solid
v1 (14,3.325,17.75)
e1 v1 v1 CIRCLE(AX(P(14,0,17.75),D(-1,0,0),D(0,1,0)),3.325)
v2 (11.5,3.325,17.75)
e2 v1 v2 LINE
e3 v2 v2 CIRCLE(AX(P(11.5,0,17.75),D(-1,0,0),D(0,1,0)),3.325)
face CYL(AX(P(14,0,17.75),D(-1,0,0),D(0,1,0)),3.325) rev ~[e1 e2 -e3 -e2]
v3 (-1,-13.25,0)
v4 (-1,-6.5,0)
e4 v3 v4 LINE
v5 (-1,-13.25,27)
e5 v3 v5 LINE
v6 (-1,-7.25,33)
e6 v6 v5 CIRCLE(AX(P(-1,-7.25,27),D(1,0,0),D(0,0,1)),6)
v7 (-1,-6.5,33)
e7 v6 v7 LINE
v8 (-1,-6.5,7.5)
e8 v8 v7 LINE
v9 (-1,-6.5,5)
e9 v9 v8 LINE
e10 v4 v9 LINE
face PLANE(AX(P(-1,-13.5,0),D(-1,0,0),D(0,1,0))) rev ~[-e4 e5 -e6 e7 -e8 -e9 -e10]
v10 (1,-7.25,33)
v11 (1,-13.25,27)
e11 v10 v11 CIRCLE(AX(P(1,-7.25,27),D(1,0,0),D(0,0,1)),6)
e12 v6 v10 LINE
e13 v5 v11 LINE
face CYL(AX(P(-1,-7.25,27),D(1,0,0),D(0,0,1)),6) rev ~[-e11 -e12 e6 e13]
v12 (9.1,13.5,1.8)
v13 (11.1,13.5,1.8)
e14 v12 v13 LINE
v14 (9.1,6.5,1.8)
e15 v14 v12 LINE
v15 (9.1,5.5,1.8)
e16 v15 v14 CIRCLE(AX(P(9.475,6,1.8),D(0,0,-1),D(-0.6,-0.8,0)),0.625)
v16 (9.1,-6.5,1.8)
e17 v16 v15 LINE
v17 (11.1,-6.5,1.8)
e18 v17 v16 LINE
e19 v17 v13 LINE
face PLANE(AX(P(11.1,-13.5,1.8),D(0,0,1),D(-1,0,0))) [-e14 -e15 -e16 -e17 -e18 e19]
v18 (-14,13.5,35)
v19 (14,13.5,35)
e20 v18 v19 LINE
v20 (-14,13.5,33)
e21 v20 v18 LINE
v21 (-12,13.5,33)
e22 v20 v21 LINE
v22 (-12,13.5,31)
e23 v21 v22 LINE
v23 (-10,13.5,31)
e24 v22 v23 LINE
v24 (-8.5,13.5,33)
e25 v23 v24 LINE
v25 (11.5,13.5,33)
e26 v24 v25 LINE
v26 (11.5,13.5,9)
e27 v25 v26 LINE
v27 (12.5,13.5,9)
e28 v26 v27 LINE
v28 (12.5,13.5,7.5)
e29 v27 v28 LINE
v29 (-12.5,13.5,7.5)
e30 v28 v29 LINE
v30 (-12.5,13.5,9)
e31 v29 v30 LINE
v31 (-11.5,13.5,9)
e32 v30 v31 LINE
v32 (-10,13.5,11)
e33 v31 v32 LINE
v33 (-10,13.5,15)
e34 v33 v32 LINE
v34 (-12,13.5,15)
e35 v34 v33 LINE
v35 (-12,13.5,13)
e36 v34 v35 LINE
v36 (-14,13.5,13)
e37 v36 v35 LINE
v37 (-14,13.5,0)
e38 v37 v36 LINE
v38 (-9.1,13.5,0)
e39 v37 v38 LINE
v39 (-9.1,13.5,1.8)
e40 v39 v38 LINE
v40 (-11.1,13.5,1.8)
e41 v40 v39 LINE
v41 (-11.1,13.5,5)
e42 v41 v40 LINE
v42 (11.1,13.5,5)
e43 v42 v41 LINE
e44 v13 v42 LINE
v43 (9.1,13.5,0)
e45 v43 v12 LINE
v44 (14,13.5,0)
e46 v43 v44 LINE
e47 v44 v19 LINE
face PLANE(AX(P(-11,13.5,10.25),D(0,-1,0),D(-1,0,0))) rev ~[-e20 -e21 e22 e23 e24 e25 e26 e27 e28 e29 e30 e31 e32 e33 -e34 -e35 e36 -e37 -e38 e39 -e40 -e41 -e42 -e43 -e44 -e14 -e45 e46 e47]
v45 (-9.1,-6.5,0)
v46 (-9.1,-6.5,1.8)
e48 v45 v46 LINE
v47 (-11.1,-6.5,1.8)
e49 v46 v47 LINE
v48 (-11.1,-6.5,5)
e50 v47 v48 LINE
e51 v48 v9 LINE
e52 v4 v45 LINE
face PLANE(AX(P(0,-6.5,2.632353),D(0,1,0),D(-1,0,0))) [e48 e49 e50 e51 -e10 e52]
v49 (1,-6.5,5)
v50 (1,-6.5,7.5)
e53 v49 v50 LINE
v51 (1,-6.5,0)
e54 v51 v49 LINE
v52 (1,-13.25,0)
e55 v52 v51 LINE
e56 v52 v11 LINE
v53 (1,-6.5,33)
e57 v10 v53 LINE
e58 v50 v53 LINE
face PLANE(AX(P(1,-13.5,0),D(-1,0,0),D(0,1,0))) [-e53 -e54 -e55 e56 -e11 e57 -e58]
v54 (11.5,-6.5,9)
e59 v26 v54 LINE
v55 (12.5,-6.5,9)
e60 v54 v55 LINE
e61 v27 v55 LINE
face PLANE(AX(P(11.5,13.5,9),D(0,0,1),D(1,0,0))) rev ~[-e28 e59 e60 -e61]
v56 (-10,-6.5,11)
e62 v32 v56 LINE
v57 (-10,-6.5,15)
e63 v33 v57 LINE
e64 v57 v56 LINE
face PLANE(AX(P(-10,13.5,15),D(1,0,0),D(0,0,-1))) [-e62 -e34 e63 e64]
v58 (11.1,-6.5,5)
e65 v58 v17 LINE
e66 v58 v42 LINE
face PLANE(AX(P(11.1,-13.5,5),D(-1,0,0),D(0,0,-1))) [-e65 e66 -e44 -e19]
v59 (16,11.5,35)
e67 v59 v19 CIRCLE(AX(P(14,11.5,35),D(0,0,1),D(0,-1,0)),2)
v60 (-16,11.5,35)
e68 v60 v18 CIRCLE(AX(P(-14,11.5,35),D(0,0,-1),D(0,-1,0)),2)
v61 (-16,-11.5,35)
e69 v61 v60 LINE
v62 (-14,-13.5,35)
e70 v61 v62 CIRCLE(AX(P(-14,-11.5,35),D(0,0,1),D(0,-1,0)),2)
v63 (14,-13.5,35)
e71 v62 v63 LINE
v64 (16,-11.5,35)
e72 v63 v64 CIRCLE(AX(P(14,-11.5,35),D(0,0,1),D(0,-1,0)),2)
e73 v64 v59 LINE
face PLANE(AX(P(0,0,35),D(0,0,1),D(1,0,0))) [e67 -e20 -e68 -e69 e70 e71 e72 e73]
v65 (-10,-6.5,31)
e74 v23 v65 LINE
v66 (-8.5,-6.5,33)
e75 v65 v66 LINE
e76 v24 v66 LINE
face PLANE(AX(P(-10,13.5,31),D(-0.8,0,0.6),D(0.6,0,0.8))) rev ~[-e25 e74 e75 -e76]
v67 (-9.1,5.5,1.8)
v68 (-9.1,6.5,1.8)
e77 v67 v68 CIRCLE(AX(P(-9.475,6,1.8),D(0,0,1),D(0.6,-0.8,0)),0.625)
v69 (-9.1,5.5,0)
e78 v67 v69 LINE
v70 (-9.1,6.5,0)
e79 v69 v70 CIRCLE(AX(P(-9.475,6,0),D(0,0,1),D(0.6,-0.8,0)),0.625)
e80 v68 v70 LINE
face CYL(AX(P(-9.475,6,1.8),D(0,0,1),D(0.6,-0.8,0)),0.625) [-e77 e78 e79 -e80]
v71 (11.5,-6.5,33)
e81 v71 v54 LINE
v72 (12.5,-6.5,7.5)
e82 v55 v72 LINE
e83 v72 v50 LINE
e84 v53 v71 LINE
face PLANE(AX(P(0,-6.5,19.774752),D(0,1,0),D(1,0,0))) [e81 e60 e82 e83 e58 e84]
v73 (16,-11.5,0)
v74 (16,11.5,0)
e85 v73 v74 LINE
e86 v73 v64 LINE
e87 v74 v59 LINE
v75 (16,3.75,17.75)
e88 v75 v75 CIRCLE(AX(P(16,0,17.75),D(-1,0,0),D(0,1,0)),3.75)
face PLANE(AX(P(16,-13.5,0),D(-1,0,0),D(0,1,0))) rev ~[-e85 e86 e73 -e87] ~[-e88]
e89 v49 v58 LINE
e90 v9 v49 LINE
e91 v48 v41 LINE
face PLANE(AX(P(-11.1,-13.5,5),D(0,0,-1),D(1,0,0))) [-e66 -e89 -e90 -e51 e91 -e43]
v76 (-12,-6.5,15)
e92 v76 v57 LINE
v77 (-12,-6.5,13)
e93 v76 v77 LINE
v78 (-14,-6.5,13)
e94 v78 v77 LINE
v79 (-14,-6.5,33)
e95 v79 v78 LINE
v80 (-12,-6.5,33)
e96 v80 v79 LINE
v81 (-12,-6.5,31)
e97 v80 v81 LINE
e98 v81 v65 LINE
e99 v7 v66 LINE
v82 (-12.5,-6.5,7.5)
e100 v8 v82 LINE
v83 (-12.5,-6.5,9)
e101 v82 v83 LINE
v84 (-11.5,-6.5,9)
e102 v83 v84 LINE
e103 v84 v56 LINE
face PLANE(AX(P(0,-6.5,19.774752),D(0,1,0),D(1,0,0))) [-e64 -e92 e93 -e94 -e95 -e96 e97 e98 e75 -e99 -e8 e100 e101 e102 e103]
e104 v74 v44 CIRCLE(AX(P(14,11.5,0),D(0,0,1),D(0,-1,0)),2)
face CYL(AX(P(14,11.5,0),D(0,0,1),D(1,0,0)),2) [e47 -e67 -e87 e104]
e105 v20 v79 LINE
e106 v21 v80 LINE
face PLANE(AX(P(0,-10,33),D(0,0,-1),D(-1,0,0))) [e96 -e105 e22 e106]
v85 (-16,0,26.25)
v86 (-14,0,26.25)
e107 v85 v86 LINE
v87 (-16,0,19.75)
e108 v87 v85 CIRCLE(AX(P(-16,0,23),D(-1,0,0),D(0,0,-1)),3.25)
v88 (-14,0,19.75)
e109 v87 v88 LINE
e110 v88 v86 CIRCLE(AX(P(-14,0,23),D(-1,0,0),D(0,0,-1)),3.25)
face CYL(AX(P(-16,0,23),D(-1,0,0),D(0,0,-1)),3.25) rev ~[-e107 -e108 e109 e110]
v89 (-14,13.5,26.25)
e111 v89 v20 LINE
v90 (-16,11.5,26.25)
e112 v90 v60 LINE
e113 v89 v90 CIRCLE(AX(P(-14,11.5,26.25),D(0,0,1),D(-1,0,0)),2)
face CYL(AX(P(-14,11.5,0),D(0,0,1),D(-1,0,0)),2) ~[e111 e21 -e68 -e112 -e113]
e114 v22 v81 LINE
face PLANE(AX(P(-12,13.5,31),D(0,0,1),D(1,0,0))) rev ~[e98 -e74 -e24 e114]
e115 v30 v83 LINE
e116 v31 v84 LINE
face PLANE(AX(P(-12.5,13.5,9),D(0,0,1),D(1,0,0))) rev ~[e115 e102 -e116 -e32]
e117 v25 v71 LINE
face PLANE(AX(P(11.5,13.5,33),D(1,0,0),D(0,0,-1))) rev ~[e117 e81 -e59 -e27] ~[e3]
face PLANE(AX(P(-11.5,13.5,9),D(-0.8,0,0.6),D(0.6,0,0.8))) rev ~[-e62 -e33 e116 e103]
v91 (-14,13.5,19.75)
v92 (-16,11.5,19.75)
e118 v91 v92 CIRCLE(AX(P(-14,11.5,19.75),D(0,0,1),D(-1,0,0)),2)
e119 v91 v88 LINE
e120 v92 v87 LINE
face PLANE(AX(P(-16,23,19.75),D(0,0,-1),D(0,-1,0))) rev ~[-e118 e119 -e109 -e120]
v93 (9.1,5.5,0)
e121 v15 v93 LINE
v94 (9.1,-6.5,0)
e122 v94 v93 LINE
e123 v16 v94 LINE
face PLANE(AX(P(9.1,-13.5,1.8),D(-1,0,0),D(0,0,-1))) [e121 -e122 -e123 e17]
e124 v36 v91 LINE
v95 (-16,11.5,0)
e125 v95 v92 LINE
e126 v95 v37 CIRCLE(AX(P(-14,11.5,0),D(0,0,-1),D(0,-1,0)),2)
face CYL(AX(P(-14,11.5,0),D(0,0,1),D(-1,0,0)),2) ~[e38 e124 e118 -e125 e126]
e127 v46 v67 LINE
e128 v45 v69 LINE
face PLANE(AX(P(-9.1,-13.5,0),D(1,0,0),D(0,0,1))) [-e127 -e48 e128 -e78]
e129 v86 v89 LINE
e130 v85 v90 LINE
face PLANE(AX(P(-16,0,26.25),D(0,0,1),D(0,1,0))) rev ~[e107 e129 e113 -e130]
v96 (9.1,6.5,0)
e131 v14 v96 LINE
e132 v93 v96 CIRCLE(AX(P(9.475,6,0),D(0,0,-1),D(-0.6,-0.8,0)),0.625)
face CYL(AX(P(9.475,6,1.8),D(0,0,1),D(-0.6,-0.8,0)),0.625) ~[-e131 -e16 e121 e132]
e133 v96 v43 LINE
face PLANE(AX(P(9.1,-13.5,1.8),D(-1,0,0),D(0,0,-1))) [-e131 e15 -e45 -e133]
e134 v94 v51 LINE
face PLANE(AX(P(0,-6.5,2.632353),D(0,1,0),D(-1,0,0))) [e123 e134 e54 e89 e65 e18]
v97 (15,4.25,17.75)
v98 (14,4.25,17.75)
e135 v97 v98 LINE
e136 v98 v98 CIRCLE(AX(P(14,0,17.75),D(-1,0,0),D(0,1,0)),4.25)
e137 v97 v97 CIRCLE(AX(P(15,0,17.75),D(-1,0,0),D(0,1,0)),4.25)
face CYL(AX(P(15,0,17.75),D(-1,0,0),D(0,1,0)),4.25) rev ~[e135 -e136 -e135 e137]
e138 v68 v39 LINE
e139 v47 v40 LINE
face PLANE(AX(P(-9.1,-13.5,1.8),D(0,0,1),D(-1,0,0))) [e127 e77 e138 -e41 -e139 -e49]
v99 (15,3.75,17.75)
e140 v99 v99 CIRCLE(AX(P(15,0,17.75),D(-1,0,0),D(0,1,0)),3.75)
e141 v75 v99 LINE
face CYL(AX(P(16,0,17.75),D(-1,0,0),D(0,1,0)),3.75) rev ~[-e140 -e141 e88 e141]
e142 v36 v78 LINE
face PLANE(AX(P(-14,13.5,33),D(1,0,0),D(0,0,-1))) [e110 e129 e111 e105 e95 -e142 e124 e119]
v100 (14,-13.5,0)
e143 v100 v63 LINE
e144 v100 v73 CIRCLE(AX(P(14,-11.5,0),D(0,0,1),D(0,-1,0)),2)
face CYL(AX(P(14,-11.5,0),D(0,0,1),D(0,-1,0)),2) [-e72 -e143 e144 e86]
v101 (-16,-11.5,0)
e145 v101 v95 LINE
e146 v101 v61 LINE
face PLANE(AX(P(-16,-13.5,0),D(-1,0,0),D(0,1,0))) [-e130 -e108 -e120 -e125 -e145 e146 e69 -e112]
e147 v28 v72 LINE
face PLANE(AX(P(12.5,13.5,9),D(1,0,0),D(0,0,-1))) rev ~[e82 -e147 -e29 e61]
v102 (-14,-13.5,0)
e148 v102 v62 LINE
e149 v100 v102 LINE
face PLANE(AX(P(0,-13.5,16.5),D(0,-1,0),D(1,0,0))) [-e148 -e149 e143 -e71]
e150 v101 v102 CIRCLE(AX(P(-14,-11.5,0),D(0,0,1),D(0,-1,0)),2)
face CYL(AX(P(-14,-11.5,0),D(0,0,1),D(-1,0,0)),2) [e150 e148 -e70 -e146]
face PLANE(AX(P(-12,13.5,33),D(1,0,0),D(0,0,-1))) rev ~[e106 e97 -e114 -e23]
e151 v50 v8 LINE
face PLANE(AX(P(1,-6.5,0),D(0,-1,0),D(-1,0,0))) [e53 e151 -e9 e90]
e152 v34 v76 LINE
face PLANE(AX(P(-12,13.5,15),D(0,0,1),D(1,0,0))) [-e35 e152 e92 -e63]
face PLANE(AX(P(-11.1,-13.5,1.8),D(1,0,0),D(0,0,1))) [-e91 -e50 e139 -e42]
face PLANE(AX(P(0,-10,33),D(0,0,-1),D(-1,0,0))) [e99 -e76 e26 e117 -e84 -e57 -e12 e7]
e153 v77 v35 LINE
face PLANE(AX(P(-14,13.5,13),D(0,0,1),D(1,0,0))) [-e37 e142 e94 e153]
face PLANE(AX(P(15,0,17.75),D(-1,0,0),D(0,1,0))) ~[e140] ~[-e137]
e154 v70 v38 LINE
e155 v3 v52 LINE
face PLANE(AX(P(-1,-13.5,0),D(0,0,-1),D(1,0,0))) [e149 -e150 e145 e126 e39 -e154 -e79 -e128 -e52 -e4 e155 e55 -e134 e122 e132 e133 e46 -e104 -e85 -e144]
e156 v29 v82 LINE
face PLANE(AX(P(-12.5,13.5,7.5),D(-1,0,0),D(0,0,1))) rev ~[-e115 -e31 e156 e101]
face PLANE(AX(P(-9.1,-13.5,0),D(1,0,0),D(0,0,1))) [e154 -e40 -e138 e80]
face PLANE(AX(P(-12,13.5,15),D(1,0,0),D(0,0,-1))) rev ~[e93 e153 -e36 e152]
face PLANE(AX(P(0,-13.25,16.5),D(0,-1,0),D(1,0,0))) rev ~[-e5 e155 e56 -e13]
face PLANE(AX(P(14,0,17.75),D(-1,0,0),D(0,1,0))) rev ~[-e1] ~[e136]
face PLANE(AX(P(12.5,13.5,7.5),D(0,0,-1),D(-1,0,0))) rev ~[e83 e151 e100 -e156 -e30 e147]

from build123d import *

# Parameters (mm, degrees)
SKETCH1_W               = 32
SKETCH1_H               = 27
BOSS_EXTRUDE1_DEPTH     = 35
FILLET1_R               = 2
CUT_EXTRUDE1_DEPTH      = 1
CUT_EXTRUDE1_DEPTH_BACK = 28
BOSS_EXTRUDE2_DEPTH     = 7
BOSS_EXTRUDE3_DEPTH     = 1.8
SKETCH5_W               = 2
SKETCH5_H               = 7
CUT_EXTRUDE2_DEPTH      = 33
CUT_EXTRUDE3_DEPTH      = 20
SKETCH7_W               = 2
SKETCH7_H               = 33
BOSS_EXTRUDE4_DEPTH     = 0.25
FILLET2_R               = 6
CUT_EXTRUDE5_DEPTH      = 4.5
SKETCH14_W              = 2.5
SKETCH14_H              = 20
CUT_EXTRUDE6_DEPTH      = 20
SKETCH16_W              = 2
SKETCH16_H              = 4
SKETCH16_H_2            = 2
BOSS_EXTRUDE5_DEPTH     = 20
BOSS_EXTRUDE6_DEPTH     = 20


with BuildPart() as part:
    # Sketch1 → Boss-Extrude1 (new body)
    with BuildSketch(Plane.XY):
        Rectangle(SKETCH1_W, SKETCH1_H)
    extrude(amount=BOSS_EXTRUDE1_DEPTH)

    # Fillet1
    fillet1_edges = [part.edges().sort_by_distance(p)[0] for p in [
        (16, -13.5, 17.5),
        (-16, -13.5, 17.5),
        (-16, 13.5, 17.5),
        (16, 13.5, 17.5),
    ]]
    fillet(fillet1_edges, radius=FILLET1_R)

    # Sketch2 → Cut-Extrude1 (cut, two sides)
    with BuildSketch(Plane.XZ.offset(13.5)) as cut_extrude1_sk:
        Polygon((-9.1, 0), (-9.1, 1.8), (-11.1, 1.8), (-11.1, 5), (11.1, 5), (11.1, 1.8), (9.1, 1.8), (9.1, 0), align=None)
    extrude(amount=CUT_EXTRUDE1_DEPTH, mode=Mode.SUBTRACT)
    extrude(cut_extrude1_sk.sketch, amount=-CUT_EXTRUDE1_DEPTH_BACK, mode=Mode.SUBTRACT)

    # Sketch3 → Boss-Extrude2 (add)
    with BuildSketch(Plane.XZ.offset(13.5)):
        Polygon((-9.1, 0), (-9.1, 1.8), (-11.1, 1.8), (-11.1, 5), (11.1, 5), (11.1, 1.8), (9.1, 1.8), (9.1, 0), align=None)
    extrude(amount=-BOSS_EXTRUDE2_DEPTH)

    # Sketch4 → Boss-Extrude3 (add)
    with BuildSketch(Plane(origin=(0, 0, 1.8), x_dir=(-1, 0, 0), z_dir=(0, 0, -1))):
        with BuildLine():
            Line((-9.1, 6.5), (-9.1, 5.5))
            ThreePointArc((-9.1, 5.5), (-8.85, 6), (-9.1, 6.5))
        make_face()
    boss_extrude3 = extrude(amount=BOSS_EXTRUDE3_DEPTH)

    # Mirror1: Boss-Extrude3 across plane
    add(boss_extrude3.mirror(Plane(origin=(0, 0, 0), x_dir=(0, 0, 1), z_dir=(1, 0, 0))))

    # Sketch5 → Cut-Extrude2 (cut)
    with BuildSketch(Plane(origin=(0, 0, 0), x_dir=(-1, 0, 0), z_dir=(0, 0, -1))):
        with Locations((0, -10)):
            Rectangle(SKETCH5_W, SKETCH5_H)
    extrude(amount=-CUT_EXTRUDE2_DEPTH, mode=Mode.SUBTRACT)

    # Sketch6 → Cut-Extrude3 (cut)
    with BuildSketch(Plane(origin=(0, 13.5, 0), x_dir=(1, 0, 0), z_dir=(0, 1, 0))):
        Polygon((-12.5, -7.5), (-12.5, -9), (-11.5, -9), (-11.5, -33), (11.5, -33), (11.5, -9), (12.5, -9), (12.5, -7.5), align=None)
    extrude(amount=-CUT_EXTRUDE3_DEPTH, mode=Mode.SUBTRACT)

    # Sketch7 → Boss-Extrude4 (add)
    with BuildSketch(Plane.XZ.offset(13.5)):
        with Locations((0, 16.5)):
            Rectangle(SKETCH7_W, SKETCH7_H)
    extrude(amount=-BOSS_EXTRUDE4_DEPTH)

    # Fillet2
    fillet2_edges = [part.edges().sort_by_distance(p)[0] for p in [
        (0, -13.25, 33),
    ]]
    fillet(fillet2_edges, radius=FILLET2_R)

    # Sketch9 → Cut-Revolve1 (revolve, cut)
    with BuildSketch(Plane(origin=(0, 0, 17.75), x_dir=(-1, 0, 0), z_dir=(0, 0, -1))):
        Polygon((-15, 4.25), (-14, 4.25), (-14, 3.325), (-11.5, 3.325), (-11.5, 0), (-16, 0), (-16, 3.75), (-15, 3.75), align=None)
    revolve(axis=Axis((16, 0, 17.75), (-1, 0, 0)), mode=Mode.SUBTRACT)

    # Sketch11 → Cut-Extrude5 (cut)
    with BuildSketch(Plane(origin=(-16, 0, 44), x_dir=(0, 0, -1), z_dir=(1, 0, 0))):
        with BuildLine():
            Line((24.25, 23), (24.25, 0))
            ThreePointArc((24.25, 0), (21, -3.25), (17.75, 0))
            Line((17.75, 0), (17.75, 23))
            ThreePointArc((17.75, 23), (21, 26.25), (24.25, 23))
        make_face()
    extrude(amount=CUT_EXTRUDE5_DEPTH, mode=Mode.SUBTRACT)

    # Sketch14 → Cut-Extrude6 (cut)
    with BuildSketch(Plane(origin=(0, 13.5, 0), x_dir=(1, 0, 0), z_dir=(0, 1, 0))):
        with Locations((-12.75, -23)):
            Rectangle(SKETCH14_W, SKETCH14_H)
    extrude(amount=-CUT_EXTRUDE6_DEPTH, mode=Mode.SUBTRACT)

    # Sketch16 → Boss-Extrude5 (add)
    with BuildSketch(Plane(origin=(0, 13.5, 0), x_dir=(1, 0, 0), z_dir=(0, 1, 0))):
        with Locations((-11, -13)):
            Rectangle(SKETCH16_W, SKETCH16_H)
        with Locations((-11, -32)):
            Rectangle(SKETCH16_W, SKETCH16_H_2)
    extrude(amount=-BOSS_EXTRUDE5_DEPTH)

    # Sketch20 → Boss-Extrude6 (add)
    with BuildSketch(Plane(origin=(0, 13.5, 0), x_dir=(1, 0, 0), z_dir=(0, 1, 0))):
        Polygon((-11.5, -9), (-10, -11), (-11.5, -11), align=None)
        Polygon((-10, -31), (-8.5, -33), (-10, -33), align=None)
    extrude(amount=-BOSS_EXTRUDE6_DEPTH)


solid = part.part
